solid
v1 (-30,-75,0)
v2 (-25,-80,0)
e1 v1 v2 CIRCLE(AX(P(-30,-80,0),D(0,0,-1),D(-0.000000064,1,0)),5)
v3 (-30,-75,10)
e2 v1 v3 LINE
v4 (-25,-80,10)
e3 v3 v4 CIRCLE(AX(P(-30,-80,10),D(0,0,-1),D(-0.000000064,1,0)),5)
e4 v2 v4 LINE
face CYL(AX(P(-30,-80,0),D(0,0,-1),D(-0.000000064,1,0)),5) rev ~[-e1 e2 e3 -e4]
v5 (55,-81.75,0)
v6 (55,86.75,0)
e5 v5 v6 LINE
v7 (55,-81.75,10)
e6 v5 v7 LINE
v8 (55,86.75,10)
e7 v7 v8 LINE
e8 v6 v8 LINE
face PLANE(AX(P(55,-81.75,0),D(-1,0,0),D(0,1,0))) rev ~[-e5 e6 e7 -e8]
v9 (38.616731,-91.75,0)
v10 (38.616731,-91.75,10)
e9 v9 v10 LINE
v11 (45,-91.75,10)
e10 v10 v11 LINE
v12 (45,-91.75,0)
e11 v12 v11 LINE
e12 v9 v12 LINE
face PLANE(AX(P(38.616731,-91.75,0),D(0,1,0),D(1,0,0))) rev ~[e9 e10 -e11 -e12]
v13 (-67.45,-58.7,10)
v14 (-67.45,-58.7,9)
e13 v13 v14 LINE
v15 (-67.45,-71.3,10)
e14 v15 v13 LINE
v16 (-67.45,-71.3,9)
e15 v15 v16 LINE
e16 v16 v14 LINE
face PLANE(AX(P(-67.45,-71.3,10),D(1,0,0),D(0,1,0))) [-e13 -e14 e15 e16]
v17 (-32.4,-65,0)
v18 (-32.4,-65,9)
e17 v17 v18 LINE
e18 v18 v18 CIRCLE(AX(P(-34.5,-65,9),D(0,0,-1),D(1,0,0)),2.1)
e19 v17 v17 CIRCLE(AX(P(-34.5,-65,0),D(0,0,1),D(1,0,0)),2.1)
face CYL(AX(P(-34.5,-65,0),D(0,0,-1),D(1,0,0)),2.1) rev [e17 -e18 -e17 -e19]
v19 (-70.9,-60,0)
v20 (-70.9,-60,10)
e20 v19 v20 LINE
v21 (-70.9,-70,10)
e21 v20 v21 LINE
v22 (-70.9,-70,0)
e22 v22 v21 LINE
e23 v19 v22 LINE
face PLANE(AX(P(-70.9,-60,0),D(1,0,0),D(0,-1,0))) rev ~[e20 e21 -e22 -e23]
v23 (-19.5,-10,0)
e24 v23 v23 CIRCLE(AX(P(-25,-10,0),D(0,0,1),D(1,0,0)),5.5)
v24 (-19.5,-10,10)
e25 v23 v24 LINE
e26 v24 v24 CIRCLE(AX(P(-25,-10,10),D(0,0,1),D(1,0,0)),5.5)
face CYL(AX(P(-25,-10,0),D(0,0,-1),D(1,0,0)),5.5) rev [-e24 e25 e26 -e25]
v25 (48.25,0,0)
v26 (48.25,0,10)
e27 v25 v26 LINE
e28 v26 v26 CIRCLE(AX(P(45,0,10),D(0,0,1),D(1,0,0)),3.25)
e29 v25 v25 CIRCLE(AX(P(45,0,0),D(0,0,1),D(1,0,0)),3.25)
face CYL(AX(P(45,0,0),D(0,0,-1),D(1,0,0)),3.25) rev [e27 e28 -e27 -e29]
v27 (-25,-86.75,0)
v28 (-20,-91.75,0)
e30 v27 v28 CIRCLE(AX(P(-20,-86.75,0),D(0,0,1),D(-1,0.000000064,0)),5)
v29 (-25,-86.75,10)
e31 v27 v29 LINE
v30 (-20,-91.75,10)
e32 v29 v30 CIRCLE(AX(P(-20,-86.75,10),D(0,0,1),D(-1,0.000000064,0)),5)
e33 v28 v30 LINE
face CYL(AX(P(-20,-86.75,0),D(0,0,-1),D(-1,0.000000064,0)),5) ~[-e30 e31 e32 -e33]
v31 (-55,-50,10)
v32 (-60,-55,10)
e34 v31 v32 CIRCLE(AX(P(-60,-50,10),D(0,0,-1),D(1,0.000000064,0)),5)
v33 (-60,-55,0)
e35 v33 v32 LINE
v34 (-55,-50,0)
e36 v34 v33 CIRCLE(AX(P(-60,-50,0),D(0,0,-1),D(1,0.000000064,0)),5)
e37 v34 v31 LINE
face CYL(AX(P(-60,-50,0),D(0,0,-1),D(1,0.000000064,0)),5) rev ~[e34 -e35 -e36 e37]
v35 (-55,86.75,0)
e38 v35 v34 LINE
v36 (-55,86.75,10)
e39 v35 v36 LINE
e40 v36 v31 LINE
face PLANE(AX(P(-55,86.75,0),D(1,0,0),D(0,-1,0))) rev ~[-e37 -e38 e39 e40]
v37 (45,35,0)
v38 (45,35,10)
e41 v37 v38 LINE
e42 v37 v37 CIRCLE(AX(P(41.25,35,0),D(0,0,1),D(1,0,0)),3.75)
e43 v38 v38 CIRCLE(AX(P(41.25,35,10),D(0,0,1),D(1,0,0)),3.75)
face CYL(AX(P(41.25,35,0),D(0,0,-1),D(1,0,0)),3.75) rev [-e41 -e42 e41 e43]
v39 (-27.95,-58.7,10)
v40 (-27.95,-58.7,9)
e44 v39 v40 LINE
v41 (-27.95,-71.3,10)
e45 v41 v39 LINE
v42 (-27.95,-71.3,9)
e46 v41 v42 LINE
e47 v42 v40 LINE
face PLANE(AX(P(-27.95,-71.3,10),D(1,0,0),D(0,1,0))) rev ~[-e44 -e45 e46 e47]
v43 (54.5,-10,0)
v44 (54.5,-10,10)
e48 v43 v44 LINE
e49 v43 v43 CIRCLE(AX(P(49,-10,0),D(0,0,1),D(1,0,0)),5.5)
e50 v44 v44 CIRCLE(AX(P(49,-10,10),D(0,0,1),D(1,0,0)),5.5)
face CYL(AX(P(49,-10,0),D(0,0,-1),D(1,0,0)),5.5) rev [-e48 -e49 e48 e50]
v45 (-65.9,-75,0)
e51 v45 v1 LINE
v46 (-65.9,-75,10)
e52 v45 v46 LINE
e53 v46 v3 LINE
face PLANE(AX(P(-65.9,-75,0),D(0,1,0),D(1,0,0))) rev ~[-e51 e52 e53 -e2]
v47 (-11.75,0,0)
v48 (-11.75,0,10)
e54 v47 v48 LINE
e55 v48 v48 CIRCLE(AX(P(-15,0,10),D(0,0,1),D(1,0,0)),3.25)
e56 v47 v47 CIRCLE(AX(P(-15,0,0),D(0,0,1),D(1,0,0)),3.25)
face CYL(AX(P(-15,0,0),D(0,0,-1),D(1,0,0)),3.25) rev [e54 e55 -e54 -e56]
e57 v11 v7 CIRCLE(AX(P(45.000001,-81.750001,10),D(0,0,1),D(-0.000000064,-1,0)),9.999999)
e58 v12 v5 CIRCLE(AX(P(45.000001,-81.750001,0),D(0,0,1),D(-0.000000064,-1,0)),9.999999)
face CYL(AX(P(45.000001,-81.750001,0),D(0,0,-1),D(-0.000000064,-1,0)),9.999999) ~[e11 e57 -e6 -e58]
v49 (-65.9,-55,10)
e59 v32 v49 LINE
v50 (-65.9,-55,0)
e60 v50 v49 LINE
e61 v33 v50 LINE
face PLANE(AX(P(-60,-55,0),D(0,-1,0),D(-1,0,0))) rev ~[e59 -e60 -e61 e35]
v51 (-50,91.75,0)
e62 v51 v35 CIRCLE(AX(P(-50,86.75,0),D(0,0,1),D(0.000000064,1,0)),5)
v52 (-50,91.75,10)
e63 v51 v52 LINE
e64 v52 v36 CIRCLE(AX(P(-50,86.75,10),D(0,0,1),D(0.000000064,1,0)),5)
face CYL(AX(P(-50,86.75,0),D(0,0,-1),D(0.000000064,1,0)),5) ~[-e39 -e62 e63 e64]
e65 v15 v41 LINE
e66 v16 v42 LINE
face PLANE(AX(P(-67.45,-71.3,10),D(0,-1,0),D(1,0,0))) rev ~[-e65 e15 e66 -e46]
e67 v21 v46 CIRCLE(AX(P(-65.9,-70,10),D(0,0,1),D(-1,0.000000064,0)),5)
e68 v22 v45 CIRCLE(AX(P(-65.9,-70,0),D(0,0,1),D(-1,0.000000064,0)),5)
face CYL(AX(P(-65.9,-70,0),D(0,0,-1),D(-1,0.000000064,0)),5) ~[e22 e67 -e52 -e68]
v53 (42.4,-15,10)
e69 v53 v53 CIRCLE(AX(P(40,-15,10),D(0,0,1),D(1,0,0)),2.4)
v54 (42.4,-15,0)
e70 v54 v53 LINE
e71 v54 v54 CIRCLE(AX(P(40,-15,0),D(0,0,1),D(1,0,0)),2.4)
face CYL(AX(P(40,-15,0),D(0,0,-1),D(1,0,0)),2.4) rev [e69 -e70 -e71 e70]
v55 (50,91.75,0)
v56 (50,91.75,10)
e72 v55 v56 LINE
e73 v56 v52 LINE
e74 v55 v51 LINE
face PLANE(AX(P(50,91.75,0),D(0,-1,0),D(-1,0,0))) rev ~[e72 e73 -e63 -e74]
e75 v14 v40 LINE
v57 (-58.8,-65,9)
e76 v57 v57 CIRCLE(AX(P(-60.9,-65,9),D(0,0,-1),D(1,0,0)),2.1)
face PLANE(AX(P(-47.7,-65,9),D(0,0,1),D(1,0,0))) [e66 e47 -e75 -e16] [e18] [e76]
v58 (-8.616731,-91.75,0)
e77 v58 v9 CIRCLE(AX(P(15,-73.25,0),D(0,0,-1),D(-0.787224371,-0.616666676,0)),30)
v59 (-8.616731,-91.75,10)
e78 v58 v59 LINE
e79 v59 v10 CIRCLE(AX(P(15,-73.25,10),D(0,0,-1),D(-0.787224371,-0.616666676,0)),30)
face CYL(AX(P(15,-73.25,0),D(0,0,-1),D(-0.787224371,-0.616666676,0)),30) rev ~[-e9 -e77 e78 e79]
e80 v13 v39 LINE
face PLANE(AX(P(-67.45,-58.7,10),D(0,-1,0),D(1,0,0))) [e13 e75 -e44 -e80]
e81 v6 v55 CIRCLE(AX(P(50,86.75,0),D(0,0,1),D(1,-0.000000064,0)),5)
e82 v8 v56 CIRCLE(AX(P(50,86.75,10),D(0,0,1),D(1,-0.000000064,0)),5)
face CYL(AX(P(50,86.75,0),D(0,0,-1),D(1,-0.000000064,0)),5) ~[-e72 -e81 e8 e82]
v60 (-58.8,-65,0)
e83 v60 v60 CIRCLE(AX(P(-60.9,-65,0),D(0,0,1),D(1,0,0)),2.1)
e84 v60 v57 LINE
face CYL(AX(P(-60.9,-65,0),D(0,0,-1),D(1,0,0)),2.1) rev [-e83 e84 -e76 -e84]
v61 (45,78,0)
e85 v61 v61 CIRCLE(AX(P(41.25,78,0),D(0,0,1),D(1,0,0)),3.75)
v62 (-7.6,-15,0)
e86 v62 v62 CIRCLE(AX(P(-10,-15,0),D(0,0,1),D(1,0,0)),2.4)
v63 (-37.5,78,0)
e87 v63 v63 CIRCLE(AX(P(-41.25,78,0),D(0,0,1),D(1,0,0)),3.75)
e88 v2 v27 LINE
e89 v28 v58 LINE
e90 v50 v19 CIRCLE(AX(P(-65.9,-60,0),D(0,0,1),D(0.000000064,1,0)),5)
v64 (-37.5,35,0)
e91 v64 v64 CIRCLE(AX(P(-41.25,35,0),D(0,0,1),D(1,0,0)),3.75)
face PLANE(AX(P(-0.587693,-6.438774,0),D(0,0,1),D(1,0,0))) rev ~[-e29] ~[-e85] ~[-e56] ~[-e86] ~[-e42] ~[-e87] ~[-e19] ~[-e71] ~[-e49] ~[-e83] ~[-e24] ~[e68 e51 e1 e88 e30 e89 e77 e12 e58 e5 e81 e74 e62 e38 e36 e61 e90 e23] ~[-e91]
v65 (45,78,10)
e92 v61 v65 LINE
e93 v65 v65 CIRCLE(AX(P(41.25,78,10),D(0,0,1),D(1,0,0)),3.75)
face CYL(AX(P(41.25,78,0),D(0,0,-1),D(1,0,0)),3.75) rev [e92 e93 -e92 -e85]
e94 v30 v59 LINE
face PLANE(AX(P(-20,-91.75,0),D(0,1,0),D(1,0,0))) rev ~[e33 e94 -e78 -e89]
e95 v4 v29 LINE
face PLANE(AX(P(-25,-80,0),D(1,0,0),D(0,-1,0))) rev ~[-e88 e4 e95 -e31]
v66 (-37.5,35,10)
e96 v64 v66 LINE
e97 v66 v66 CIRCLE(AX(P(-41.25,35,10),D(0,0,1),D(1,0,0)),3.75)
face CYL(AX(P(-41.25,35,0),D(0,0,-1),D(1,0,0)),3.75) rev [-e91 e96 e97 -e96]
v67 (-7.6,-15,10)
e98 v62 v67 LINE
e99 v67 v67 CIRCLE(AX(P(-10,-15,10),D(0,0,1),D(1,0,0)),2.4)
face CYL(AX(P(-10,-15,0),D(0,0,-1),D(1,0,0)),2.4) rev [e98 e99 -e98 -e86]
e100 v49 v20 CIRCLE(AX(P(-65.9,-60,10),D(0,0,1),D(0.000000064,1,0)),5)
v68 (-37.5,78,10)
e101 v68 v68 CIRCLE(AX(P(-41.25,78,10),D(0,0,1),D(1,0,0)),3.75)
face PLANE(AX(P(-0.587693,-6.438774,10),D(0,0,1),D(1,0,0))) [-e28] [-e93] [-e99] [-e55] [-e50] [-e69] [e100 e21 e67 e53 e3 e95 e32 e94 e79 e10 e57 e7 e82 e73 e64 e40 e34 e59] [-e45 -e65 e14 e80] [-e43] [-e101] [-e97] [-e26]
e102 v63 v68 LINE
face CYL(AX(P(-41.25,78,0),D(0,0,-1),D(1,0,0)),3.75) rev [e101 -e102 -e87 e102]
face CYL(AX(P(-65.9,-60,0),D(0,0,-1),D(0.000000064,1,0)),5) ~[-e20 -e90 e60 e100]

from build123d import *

# Parameters (mm, degrees)
F0_R     = 2.1
F0_R_2   = 5.5
F0_R_3   = 2.4
F0_R_4   = 3.75
F0_R_5   = 3.25
F1_DEPTH = 10
F2_W     = 39.5
F2_H     = 12.6
F2_R     = 2.074687
F2_R_2   = 2.038572
F3_DEPTH = 1


with BuildPart() as f1:
    # F0 (on Top) → F1 (new body)
    with BuildSketch(Plane.XY):
        with BuildLine():
            ThreePointArc((55, 86.75), (53.535534, 90.285534), (50, 91.75))
            Line((50, 91.75), (-50, 91.75))
            ThreePointArc((-50, 91.75), (-53.535534, 90.285534), (-55, 86.75))
            Line((-55, 86.75), (-55, -50))
            ThreePointArc((-55, -50), (-56.464466, -53.535534), (-60, -55))
            Line((-60, -55), (-65.9, -55))
            ThreePointArc((-65.9, -55), (-69.435534, -56.464466), (-70.9, -60))
            Line((-70.9, -60), (-70.9, -70))
            ThreePointArc((-70.9, -70), (-69.435534, -73.535534), (-65.9, -75))
            Line((-65.9, -75), (-60, -75))
            Line((-60, -75), (-30, -75))
            ThreePointArc((-30, -75), (-26.464466, -76.464466), (-25, -80))
            Line((-25, -80), (-25, -86.75))
            ThreePointArc((-25, -86.75), (-23.535534, -90.285534), (-20, -91.75))
            Line((-20, -91.75), (-8.616731, -91.75))
            ThreePointArc((-8.616731, -91.75), (15, -43.25), (38.616731, -91.75))
            Line((38.616731, -91.75), (45, -91.75))
            ThreePointArc((45, -91.75), (52.071068, -88.821068), (55, -81.75))
            Line((55, -81.75), (55, -68.25))
            Line((55, -68.25), (55, 86.75))
        make_face()
        with Locations((-60.9, -65)):
            Circle(F0_R, mode=Mode.SUBTRACT)
        with Locations((-34.5, -65)):
            Circle(F0_R, mode=Mode.SUBTRACT)
        with Locations((-25, -10)):
            Circle(F0_R_2, mode=Mode.SUBTRACT)
        with Locations((-10, -15)):
            Circle(F0_R_3, mode=Mode.SUBTRACT)
        with Locations((40, -15)):
            Circle(F0_R_3, mode=Mode.SUBTRACT)
        with Locations((49, -10)):
            Circle(F0_R_2, mode=Mode.SUBTRACT)
        with Locations((-41.25, 35)):
            Circle(F0_R_4, mode=Mode.SUBTRACT)
        with Locations((-15, 0)):
            Circle(F0_R_5, mode=Mode.SUBTRACT)
        with Locations((-41.25, 78)):
            Circle(F0_R_4, mode=Mode.SUBTRACT)
        with Locations((45, 0)):
            Circle(F0_R_5, mode=Mode.SUBTRACT)
        with Locations((41.25, 35)):
            Circle(F0_R_4, mode=Mode.SUBTRACT)
        with Locations((41.25, 78)):
            Circle(F0_R_4, mode=Mode.SUBTRACT)
    extrude(amount=F1_DEPTH)

    # F2 (on face) → F3 (cut)
    with BuildSketch(Plane.XY.offset(10)):
        with Locations((-47.7, -65)):
            Rectangle(F2_W, F2_H)
        with Locations((-60.9, -65)):
            Circle(F2_R, mode=Mode.SUBTRACT)
        with Locations((-34.5, -65)):
            Circle(F2_R_2, mode=Mode.SUBTRACT)
    extrude(amount=-F3_DEPTH, mode=Mode.SUBTRACT)


solid = f1.part
